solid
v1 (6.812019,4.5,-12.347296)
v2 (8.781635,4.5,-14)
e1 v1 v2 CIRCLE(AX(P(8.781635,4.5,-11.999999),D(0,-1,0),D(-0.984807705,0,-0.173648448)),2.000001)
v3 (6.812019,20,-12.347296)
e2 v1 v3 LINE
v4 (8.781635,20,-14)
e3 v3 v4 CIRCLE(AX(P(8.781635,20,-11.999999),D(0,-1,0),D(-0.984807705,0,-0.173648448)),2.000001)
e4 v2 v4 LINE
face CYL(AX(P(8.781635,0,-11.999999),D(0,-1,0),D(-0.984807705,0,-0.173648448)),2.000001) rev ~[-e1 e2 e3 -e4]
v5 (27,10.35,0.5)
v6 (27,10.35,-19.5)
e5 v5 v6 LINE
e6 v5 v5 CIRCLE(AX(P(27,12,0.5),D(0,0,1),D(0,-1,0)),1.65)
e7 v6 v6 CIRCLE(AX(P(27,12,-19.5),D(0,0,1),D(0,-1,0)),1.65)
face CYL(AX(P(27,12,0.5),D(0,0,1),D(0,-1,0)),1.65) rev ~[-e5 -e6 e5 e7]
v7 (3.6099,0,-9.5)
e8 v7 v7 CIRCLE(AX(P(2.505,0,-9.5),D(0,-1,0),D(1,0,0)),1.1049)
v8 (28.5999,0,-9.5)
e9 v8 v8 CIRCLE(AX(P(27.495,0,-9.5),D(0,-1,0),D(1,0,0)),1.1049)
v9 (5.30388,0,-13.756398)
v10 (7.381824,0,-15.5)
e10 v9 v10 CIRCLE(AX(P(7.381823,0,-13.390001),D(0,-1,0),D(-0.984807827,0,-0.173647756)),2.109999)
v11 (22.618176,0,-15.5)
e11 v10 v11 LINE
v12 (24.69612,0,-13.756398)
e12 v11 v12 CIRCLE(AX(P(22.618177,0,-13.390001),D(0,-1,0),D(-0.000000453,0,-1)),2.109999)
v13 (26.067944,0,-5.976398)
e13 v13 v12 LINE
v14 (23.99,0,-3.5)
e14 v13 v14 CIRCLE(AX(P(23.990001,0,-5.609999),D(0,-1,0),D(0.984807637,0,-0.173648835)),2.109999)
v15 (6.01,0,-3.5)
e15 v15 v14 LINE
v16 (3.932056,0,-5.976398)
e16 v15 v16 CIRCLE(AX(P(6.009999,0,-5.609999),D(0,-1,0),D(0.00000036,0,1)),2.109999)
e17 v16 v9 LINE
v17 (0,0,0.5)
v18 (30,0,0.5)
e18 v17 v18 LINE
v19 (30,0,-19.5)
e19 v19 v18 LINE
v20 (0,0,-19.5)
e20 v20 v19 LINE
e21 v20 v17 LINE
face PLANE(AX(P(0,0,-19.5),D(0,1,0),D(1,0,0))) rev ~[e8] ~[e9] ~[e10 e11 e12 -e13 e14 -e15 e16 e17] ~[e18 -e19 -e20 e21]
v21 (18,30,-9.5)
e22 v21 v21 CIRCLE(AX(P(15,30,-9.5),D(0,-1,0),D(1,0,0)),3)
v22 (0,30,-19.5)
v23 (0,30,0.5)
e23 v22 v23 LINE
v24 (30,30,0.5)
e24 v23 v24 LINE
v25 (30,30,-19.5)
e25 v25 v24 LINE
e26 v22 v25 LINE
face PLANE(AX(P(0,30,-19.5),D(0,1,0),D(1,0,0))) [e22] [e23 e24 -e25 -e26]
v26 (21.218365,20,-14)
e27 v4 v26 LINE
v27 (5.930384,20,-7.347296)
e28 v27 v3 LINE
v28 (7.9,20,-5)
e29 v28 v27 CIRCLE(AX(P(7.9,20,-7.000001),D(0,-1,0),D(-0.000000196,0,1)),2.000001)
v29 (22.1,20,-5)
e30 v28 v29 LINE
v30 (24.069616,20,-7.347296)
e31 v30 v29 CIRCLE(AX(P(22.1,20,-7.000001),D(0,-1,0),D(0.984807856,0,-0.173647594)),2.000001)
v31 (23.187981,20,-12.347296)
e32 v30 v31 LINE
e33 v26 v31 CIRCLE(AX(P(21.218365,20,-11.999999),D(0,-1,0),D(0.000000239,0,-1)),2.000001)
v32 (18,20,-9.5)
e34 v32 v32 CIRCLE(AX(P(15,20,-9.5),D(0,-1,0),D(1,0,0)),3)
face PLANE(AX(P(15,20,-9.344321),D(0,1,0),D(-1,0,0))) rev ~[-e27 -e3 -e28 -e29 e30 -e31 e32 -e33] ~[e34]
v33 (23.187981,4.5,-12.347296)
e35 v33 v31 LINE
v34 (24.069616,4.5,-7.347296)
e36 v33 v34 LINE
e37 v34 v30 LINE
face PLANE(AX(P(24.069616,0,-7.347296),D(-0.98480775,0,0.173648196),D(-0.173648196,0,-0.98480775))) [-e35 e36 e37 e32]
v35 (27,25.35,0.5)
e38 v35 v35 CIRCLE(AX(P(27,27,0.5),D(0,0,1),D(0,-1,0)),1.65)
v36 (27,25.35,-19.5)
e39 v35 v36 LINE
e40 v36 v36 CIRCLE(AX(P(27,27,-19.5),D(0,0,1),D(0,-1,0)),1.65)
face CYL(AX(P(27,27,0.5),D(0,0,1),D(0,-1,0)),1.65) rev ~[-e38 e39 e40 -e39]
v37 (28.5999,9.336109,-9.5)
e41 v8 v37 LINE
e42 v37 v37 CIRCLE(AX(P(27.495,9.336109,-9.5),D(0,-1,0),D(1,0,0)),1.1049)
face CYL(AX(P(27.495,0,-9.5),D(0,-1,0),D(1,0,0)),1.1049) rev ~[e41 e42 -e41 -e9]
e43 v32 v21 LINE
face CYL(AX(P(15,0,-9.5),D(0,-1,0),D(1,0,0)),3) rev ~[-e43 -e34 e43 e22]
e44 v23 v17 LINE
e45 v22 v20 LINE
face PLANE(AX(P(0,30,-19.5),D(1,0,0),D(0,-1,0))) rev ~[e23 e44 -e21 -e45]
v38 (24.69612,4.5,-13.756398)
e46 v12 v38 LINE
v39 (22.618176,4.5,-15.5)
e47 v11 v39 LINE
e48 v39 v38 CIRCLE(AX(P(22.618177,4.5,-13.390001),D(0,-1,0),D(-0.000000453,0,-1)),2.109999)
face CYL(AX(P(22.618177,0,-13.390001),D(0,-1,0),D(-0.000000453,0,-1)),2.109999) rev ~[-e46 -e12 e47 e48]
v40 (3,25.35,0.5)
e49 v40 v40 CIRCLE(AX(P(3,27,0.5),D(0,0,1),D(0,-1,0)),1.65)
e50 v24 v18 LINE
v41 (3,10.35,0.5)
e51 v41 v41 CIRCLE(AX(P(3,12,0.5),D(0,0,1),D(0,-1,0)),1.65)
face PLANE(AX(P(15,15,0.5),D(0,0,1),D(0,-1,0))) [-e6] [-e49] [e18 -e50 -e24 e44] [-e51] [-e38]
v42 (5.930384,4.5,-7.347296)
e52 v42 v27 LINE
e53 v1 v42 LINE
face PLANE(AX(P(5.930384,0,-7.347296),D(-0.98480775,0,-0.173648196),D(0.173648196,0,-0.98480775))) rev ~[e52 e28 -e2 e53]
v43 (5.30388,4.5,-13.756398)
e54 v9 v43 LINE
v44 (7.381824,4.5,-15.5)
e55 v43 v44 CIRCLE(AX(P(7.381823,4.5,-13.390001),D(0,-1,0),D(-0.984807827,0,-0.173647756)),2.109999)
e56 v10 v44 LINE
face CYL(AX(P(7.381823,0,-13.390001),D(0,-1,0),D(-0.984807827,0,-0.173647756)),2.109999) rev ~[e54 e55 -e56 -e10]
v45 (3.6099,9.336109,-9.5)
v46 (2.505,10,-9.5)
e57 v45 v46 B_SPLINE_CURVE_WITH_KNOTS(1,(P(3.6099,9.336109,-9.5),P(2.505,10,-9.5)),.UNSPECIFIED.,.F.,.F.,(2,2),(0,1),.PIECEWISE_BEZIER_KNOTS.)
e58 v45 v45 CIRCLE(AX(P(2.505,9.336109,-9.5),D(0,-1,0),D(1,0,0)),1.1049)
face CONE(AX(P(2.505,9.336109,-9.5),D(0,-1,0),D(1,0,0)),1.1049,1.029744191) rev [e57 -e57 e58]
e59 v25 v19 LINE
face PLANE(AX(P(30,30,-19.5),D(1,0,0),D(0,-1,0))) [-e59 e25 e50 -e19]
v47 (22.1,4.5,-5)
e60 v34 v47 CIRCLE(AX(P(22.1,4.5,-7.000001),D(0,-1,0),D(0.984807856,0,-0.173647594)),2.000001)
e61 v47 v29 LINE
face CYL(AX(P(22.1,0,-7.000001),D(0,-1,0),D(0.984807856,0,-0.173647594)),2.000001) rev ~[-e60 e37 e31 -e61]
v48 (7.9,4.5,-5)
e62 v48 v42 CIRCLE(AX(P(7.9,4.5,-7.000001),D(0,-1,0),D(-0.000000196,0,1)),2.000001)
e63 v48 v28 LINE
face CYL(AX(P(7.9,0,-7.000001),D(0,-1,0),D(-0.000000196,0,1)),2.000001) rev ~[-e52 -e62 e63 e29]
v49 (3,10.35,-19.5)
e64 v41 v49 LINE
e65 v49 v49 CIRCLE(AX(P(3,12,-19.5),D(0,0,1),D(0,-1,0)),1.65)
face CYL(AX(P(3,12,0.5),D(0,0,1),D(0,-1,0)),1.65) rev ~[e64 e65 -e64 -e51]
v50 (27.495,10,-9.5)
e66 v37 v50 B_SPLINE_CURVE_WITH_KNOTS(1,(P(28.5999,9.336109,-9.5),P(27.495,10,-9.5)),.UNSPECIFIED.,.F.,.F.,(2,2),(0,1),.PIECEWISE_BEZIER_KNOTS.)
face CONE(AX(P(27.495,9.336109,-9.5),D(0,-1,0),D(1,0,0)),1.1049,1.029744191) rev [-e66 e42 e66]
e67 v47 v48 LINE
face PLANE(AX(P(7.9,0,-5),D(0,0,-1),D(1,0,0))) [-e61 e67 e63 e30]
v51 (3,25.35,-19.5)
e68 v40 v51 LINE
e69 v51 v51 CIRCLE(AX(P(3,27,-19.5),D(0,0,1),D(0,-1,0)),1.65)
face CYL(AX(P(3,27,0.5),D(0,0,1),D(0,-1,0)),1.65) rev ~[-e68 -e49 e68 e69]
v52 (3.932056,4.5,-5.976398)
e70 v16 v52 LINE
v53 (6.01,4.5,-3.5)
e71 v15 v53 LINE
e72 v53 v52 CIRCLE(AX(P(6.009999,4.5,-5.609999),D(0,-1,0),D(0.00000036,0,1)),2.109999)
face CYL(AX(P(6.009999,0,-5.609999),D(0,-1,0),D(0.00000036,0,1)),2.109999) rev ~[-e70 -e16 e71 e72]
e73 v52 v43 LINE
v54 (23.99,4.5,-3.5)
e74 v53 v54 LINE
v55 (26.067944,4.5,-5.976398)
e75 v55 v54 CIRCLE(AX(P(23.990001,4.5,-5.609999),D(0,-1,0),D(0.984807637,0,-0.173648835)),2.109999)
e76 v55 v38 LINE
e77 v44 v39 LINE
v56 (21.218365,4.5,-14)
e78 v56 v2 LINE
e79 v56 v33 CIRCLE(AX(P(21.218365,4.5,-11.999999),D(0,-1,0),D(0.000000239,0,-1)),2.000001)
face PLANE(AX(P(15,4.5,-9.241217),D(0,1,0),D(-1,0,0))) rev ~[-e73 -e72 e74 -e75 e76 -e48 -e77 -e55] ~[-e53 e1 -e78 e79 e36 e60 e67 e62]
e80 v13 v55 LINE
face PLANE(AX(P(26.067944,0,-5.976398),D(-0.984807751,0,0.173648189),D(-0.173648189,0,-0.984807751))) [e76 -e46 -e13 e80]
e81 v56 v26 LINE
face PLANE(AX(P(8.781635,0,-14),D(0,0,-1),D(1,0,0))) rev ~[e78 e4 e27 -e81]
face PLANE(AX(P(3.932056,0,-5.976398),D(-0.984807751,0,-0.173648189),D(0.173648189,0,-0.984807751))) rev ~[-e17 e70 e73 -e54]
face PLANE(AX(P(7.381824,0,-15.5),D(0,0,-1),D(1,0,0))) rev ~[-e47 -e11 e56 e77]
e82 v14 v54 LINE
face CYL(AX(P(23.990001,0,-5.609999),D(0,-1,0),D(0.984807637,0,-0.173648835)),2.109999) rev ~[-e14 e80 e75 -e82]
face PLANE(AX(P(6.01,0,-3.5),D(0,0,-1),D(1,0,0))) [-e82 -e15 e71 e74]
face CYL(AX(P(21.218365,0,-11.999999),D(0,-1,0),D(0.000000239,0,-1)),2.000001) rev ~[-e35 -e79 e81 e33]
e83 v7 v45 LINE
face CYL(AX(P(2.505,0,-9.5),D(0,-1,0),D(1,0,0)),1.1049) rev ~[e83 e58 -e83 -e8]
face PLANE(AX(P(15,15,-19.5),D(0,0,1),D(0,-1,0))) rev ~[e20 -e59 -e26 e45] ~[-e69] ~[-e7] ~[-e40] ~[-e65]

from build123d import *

# Parameters (mm, degrees)
SKETCH001_W              = 30
SKETCH001_H              = 30
PAD_DEPTH                = 20
POCKET_DEPTH             = 4.5
POCKET001_DEPTH          = 20
SKETCH004_R              = 3
HOLE001_DEPTH            = 30.001
SKETCH005_R              = 1.1049
HOLE002_DEPTH            = 9.336109
HOLE002_TIPS_R           = 1.1049
SKETCH_R                 = 1.65
HOLE_DEPTH               = 20.001
CLONE_PITCH_ANGLE        = -90
CLONE_PLACEMENT_ANGLE    = -90
CLONE001_PLACEMENT_ANGLE = 270


with BuildPart() as part:
    # Sketch001 → Pad (new body)
    with BuildSketch(Plane.XY):
        with Locations((4.5, 0)):
            Rectangle(SKETCH001_W, SKETCH001_H)
    extrude(amount=PAD_DEPTH)

    # Sketch002 (on DatumPlane) → Pocket (cut)
    with BuildSketch(Plane(origin=(19.5, 0, 10), x_dir=(0, 1, 0), z_dir=(1, 0, 0))):
        with BuildLine():
            Line((-8.99, 6), (8.99, 6))
            ThreePointArc((11.067944, 3.523602), (10.606354, 5.246282), (8.99, 6))
            Line((11.067944, 3.523602), (9.69612, -4.256398))
            ThreePointArc((7.618176, -6), (8.974458, -5.506354), (9.69612, -4.256398))
            Line((-7.618176, -6), (7.618176, -6))
            ThreePointArc((-9.69612, -4.256398), (-8.974458, -5.506354), (-7.618176, -6))
            Line((-11.067944, 3.523602), (-9.69612, -4.256398))
            ThreePointArc((-8.99, 6), (-10.606354, 5.246282), (-11.067944, 3.523602))
        make_face()
    extrude(amount=-POCKET_DEPTH, mode=Mode.SUBTRACT)

    # Sketch003 (on DatumPlane) → Pocket001 (cut)
    with BuildSketch(Plane(origin=(19.5, 0, 10), x_dir=(0, 1, 0), z_dir=(1, 0, 0))):
        with BuildLine():
            Line((-7.1, 4.5), (7.1, 4.5))
            ThreePointArc((9.069616, 2.152704), (8.632089, 3.785575), (7.1, 4.5))
            Line((9.069616, 2.152704), (8.187981, -2.847296))
            ThreePointArc((6.218365, -4.5), (7.50394, -4.032089), (8.187981, -2.847296))
            Line((-6.218365, -4.5), (6.218365, -4.5))
            ThreePointArc((-8.187981, -2.847296), (-7.50394, -4.032089), (-6.218365, -4.5))
            Line((-9.069616, 2.152704), (-8.187981, -2.847296))
            ThreePointArc((-7.1, 4.5), (-8.632089, 3.785575), (-9.069616, 2.152704))
        make_face()
    extrude(amount=-POCKET001_DEPTH, mode=Mode.SUBTRACT)

    # Sketch004 (on DatumPlane) → Hole001 (cut, through all)
    with BuildSketch(Plane(origin=(19.5, 0, 10), x_dir=(0, 1, 0), z_dir=(1, 0, 0))):
        Circle(SKETCH004_R)
    extrude(amount=-HOLE001_DEPTH, mode=Mode.SUBTRACT)

    # Sketch005 (on DatumPlane) → Hole002 (cut)
    with BuildSketch(Plane(origin=(19.5, 0, 10), x_dir=(0, 1, 0), z_dir=(1, 0, 0))):
        with Locations((-12.495, 0)):
            Circle(SKETCH005_R)
        with Locations((12.495, 0)):
            Circle(SKETCH005_R)
    extrude(amount=-HOLE002_DEPTH, mode=Mode.SUBTRACT)

    # Hole002 tips → Hole002 tip 1 section 0
    with BuildSketch(Plane(origin=(10.163891, 0, 10), x_dir=(0, 1, 0), z_dir=(1, 0, 0)), mode=Mode.PRIVATE) as hole002_tip_1_s0:
        with Locations((-12.495, 0)):
            Circle(HOLE002_TIPS_R)
    loft([hole002_tip_1_s0.sketch, Vertex(9.5, -12.495, 10)], mode=Mode.SUBTRACT)

    # Hole002 tips → Hole002 tip 2 section 0
    with BuildSketch(Plane(origin=(10.163891, 0, 10), x_dir=(0, 1, 0), z_dir=(1, 0, 0)), mode=Mode.PRIVATE) as hole002_tip_2_s0:
        with Locations((12.495, 0)):
            Circle(HOLE002_TIPS_R)
    loft([hole002_tip_2_s0.sketch, Vertex(9.5, 12.495, 10)], mode=Mode.SUBTRACT)

    # Sketch (on DatumPlane) → Hole (cut, through all)
    with BuildSketch(Plane.XY.offset(20)):
        with Locations((-7.5, 12)):
            Circle(SKETCH_R)
        with Locations((7.5, 12)):
            Circle(SKETCH_R)
        with Locations((7.5, -12)):
            Circle(SKETCH_R)
        with Locations((-7.5, -12)):
            Circle(SKETCH_R)
    extrude(amount=-HOLE_DEPTH, mode=Mode.SUBTRACT)


with BuildPart() as part_1:
    # Clone pitch: moved
    add(part.part.rotate(Axis((0, 0, 0), (0, 1, 0)), CLONE_PITCH_ANGLE))


with BuildPart() as part_2:
    # Clone placement: moved
    add(part_1.part.moved(Location((15.65, 3.4, -20.65))).rotate(Axis((15.65, 3.4, -20.65), (0, 0, 1)), CLONE_PLACEMENT_ANGLE))


with BuildPart() as part_3:
    # Clone001 placement: moved
    add(part_2.part.moved(Location((-0.65, -1.15, -22.9))).rotate(Axis((-0.65, -1.15, -22.9), (-1, 0, 0)), CLONE001_PLACEMENT_ANGLE))


solid = part_3.part
